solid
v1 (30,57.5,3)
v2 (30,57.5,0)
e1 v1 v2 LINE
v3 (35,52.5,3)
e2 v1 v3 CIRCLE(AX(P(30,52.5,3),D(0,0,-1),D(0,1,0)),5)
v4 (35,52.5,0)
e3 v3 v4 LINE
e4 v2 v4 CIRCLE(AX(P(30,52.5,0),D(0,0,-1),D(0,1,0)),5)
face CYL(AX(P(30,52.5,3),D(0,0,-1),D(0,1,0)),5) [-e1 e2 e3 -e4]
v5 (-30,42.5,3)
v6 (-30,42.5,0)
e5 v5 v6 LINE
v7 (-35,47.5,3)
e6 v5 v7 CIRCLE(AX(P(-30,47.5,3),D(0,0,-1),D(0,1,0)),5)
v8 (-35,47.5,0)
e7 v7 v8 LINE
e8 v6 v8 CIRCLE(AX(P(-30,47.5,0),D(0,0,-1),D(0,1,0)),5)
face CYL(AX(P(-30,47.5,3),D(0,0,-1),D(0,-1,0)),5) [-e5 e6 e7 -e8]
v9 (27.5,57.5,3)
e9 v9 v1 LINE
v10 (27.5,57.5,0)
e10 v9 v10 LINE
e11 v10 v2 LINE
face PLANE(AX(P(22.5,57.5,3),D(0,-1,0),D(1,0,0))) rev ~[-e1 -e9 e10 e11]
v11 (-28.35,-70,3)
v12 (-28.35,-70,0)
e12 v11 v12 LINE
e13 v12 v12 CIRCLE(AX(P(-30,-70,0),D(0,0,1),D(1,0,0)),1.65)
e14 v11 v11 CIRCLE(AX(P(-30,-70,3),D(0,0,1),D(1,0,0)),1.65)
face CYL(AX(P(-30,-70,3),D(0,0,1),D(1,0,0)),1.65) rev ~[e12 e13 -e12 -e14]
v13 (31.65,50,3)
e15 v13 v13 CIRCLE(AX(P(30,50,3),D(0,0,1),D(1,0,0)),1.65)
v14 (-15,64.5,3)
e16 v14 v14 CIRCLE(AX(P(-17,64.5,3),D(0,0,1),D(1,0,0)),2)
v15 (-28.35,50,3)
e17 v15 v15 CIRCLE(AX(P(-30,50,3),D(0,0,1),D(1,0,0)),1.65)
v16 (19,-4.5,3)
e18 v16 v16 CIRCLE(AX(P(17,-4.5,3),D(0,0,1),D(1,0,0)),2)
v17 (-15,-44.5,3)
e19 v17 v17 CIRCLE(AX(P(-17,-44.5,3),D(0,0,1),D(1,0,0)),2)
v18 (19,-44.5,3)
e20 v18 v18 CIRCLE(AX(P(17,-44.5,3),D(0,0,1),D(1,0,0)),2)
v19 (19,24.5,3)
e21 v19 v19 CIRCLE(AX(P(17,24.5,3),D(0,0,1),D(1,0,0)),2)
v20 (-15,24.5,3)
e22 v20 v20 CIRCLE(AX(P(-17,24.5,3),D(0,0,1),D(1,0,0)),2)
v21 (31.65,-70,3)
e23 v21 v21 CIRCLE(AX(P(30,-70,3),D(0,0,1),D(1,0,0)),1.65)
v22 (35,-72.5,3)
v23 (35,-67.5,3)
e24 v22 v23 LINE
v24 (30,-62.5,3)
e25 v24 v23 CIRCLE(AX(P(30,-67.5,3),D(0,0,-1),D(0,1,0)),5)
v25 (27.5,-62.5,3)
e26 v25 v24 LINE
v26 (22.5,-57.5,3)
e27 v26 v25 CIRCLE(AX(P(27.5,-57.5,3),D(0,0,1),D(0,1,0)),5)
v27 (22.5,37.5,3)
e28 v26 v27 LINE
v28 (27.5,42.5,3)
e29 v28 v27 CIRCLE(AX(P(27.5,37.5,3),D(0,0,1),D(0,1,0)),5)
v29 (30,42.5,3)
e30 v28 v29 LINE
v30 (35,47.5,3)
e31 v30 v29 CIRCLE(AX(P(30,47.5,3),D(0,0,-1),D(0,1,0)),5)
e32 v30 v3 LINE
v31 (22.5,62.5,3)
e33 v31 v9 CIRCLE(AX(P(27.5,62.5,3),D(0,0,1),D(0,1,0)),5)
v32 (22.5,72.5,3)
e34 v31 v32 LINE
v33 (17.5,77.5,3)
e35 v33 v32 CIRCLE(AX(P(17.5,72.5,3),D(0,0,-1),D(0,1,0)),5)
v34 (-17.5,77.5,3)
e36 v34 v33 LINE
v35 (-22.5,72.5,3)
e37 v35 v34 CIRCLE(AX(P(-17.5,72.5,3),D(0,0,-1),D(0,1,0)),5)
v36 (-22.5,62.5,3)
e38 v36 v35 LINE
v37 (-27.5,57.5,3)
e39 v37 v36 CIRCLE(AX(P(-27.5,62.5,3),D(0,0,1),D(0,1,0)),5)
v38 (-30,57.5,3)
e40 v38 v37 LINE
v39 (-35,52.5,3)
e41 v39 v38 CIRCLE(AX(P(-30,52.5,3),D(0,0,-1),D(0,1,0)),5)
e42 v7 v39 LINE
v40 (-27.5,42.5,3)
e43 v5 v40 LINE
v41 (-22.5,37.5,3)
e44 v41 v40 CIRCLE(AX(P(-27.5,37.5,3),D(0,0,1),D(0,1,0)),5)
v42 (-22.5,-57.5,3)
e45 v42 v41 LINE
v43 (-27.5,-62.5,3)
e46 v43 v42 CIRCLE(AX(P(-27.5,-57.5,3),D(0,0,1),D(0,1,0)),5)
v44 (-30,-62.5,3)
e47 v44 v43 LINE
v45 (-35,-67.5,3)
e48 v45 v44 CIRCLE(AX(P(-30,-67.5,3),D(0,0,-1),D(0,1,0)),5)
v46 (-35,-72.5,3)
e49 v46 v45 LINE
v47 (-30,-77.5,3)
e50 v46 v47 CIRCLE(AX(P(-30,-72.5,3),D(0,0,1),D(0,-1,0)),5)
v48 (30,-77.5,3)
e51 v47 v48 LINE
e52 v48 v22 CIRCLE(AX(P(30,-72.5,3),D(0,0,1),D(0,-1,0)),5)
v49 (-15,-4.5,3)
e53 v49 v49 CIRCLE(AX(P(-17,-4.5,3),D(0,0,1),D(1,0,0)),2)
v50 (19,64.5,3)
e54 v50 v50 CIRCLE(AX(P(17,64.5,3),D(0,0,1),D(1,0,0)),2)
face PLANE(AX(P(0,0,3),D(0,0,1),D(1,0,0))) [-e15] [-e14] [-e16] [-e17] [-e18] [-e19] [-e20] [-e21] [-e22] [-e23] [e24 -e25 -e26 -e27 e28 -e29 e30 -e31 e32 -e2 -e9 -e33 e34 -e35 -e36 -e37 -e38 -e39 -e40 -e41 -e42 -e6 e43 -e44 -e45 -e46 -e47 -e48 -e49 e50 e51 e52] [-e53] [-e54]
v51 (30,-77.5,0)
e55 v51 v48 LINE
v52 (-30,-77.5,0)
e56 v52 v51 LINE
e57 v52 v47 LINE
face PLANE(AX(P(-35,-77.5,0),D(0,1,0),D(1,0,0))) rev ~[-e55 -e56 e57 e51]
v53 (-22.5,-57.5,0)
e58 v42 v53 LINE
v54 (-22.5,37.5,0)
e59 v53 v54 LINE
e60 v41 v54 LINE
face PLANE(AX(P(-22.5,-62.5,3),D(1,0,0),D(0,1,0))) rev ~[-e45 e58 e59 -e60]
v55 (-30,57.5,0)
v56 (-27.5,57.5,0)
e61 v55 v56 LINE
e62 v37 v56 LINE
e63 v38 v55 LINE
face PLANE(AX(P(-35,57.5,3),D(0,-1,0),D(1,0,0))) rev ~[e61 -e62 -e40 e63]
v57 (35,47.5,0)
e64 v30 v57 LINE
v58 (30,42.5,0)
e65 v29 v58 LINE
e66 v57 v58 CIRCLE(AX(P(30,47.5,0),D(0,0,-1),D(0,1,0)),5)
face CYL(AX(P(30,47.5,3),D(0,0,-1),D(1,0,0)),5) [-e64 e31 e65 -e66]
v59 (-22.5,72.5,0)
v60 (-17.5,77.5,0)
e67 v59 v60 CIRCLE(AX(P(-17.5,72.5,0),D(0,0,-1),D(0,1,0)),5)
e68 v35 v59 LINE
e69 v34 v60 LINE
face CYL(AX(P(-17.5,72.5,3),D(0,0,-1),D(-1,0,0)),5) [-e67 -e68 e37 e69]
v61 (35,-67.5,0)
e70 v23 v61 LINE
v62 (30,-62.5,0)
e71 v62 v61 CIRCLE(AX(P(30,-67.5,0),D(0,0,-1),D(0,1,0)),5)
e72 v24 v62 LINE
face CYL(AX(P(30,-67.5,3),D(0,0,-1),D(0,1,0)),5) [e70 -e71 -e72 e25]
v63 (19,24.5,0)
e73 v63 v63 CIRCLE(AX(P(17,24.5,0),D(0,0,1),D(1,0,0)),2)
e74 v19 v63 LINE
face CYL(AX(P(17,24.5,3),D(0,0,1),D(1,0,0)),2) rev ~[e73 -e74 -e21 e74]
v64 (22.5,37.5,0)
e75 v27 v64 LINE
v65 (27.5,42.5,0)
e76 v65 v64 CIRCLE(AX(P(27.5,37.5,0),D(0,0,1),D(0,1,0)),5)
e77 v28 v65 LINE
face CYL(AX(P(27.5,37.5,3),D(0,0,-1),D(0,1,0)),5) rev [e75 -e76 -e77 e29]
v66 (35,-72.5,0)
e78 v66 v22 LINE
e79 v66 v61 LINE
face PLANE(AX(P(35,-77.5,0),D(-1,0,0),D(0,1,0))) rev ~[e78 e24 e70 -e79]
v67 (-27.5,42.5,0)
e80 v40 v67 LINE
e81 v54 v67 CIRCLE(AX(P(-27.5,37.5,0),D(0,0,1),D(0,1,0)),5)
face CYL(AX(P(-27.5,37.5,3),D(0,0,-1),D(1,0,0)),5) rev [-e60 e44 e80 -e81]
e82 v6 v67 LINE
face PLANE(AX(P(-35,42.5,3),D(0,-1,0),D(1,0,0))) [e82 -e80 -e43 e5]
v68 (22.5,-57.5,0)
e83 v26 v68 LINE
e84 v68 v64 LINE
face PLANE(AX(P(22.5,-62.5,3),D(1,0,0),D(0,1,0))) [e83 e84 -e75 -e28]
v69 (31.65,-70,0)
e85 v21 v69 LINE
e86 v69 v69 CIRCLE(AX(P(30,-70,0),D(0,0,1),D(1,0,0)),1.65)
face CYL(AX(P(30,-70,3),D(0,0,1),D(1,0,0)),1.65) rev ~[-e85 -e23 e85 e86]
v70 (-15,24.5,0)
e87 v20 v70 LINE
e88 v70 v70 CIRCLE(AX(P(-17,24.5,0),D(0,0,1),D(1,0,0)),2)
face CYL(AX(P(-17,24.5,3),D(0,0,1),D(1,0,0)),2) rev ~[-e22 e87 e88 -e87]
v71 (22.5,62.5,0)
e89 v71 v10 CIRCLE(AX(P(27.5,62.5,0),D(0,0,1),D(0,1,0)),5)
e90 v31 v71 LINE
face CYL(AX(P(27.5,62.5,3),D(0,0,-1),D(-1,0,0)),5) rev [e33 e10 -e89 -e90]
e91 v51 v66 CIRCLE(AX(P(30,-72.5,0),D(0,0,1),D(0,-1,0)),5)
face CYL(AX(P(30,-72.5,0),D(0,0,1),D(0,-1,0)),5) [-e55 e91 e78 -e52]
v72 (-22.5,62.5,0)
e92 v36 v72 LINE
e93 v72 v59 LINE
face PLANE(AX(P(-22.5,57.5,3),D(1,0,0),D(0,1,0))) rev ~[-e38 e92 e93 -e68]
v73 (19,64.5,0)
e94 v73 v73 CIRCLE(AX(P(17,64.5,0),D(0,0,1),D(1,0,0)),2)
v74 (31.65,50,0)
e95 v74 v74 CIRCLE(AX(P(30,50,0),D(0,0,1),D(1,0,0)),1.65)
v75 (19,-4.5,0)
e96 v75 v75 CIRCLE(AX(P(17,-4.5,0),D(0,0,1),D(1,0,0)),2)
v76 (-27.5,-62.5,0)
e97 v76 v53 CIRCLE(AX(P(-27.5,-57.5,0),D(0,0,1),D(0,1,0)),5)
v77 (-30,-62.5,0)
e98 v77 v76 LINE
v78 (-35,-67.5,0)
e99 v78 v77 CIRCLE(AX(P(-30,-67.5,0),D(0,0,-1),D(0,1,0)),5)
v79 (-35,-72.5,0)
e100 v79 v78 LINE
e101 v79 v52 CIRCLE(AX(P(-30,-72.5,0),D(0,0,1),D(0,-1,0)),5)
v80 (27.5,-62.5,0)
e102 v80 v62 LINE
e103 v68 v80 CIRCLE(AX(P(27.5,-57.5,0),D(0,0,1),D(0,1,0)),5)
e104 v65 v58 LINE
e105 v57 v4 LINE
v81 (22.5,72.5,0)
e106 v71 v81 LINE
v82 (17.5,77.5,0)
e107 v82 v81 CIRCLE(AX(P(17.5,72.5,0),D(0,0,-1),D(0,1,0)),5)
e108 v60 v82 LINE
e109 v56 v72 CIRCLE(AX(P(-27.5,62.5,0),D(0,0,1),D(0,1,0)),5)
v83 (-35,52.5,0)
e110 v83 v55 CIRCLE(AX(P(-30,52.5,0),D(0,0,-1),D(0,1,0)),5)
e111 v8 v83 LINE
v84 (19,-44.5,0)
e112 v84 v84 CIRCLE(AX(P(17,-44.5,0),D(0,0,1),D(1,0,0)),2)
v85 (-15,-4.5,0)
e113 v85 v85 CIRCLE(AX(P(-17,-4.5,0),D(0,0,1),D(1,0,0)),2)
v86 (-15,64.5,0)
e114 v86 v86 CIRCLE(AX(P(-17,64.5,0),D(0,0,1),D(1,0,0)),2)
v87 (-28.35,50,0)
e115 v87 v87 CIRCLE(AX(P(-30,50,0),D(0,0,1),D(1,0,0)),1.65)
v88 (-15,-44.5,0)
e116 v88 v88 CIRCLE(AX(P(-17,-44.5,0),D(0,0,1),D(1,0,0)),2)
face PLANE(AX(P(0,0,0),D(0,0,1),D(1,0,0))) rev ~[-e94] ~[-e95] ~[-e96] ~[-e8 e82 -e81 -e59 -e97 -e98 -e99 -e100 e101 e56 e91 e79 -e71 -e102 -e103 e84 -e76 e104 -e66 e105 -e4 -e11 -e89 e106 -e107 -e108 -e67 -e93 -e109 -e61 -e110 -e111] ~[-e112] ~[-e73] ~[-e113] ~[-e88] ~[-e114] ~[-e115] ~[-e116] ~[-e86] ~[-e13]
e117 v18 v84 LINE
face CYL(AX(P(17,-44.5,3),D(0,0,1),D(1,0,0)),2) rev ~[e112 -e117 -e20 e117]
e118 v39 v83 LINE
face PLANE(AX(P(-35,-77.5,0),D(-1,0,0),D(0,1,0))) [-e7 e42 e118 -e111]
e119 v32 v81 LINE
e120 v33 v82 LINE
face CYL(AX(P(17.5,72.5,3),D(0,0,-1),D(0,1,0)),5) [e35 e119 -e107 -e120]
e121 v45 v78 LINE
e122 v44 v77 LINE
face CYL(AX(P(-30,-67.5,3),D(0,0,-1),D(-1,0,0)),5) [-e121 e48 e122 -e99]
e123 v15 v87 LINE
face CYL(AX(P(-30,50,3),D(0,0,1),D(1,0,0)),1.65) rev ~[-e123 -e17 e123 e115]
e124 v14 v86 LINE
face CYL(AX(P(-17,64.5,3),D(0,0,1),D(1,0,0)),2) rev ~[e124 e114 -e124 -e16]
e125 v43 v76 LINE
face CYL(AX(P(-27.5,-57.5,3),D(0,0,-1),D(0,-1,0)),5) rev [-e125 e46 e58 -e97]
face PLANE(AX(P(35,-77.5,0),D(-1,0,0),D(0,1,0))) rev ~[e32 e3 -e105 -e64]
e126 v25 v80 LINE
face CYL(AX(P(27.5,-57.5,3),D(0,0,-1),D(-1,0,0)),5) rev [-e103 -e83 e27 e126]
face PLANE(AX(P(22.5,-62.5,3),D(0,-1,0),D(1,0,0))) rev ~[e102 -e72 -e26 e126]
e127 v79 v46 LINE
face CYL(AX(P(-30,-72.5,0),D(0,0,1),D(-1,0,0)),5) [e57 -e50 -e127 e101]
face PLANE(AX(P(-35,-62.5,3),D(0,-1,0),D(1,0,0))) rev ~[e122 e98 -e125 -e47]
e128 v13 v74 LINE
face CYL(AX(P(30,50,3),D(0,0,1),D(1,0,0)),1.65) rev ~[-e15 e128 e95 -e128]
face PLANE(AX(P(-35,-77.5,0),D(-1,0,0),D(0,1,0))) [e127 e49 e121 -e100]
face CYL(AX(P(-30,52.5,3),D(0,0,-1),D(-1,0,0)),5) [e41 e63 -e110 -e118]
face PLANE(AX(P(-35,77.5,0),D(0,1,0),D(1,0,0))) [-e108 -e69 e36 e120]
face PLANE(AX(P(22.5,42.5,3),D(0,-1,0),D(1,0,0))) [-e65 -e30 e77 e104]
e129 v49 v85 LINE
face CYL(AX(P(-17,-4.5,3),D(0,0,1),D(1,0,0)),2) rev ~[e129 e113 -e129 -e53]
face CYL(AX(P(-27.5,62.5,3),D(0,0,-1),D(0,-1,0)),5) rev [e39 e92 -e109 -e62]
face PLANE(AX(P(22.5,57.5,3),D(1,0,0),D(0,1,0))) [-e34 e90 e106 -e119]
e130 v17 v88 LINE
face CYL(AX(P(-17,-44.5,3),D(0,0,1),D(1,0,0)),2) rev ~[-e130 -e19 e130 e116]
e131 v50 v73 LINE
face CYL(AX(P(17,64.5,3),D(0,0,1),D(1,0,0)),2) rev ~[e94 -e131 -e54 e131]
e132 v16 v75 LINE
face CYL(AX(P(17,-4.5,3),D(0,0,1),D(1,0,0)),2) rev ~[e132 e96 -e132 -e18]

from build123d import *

# Parameters (mm, degrees)
SKETCH_1_W          = 70
SKETCH_1_H          = 155
EXTRUDE_1_DEPTH     = 3
SKETCH_2_R          = 2
SKETCH_2_R_2        = 1.65
CUT_EXTRUDE_1_DEPTH = 3
SKETCH_3_W          = 12.5
SKETCH_3_H          = 105
SKETCH_3_H_2        = 20
CUT_EXTRUDE_2_DEPTH = 10
FILLET_1_R          = 5


with BuildPart() as part:
    # ｽｹｯﾁ1 → ﾎﾞｽ - 押し出し1 (new body)
    with BuildSketch(Plane.XY):
        Rectangle(SKETCH_1_W, SKETCH_1_H)
    extrude(amount=EXTRUDE_1_DEPTH)

    # ｽｹｯﾁ2 → ｶｯﾄ - 押し出し1 (cut)
    with BuildSketch(Plane.XY.offset(3)):
        with Locations((-17, -44.5)):
            Circle(SKETCH_2_R)
        with Locations((17, -44.5)):
            Circle(SKETCH_2_R)
        with Locations((17, -4.5)):
            Circle(SKETCH_2_R)
        with Locations((-17, -4.5)):
            Circle(SKETCH_2_R)
        with Locations((-17, 24.5)):
            Circle(SKETCH_2_R)
        with Locations((-17, 64.5)):
            Circle(SKETCH_2_R)
        with Locations((17, 64.5)):
            Circle(SKETCH_2_R)
        with Locations((17, 24.5)):
            Circle(SKETCH_2_R)
        with Locations((-30, -70)):
            Circle(SKETCH_2_R_2)
        with Locations((30, -70)):
            Circle(SKETCH_2_R_2)
        with Locations((30, 50)):
            Circle(SKETCH_2_R_2)
        with Locations((-30, 50)):
            Circle(SKETCH_2_R_2)
    extrude(amount=-CUT_EXTRUDE_1_DEPTH, mode=Mode.SUBTRACT)

    # ｽｹｯﾁ3 → ｶｯﾄ - 押し出し2 (cut)
    with BuildSketch(Plane.XY.offset(3)):
        with Locations((-28.75, -10)):
            Rectangle(SKETCH_3_W, SKETCH_3_H)
        with Locations((28.75, -10)):
            Rectangle(SKETCH_3_W, SKETCH_3_H)
        with Locations((-28.75, 67.5)):
            Rectangle(SKETCH_3_W, SKETCH_3_H_2)
        with Locations((28.75, 67.5)):
            Rectangle(SKETCH_3_W, SKETCH_3_H_2)
    extrude(amount=-CUT_EXTRUDE_2_DEPTH, mode=Mode.SUBTRACT)

    # ﾌｨﾚｯﾄ1
    fillet_1_edges = [part.edges().sort_by_distance(p)[0] for p in [
        (35, 57.5, 1.5),
        (22.5, 57.5, 1.5),
        (22.5, 77.5, 1.5),
        (35, 42.5, 1.5),
        (35, -62.5, 1.5),
        (22.5, -62.5, 1.5),
        (22.5, 42.5, 1.5),
        (-35, -62.5, 1.5),
        (-35, 42.5, 1.5),
        (-22.5, 42.5, 1.5),
        (-22.5, -62.5, 1.5),
        (-35, -77.5, 1.5),
        (35, -77.5, 1.5),
        (-35, 57.5, 1.5),
        (-22.5, 77.5, 1.5),
        (-22.5, 57.5, 1.5),
    ]]
    fillet(fillet_1_edges, radius=FILLET_1_R)


solid = part.part
